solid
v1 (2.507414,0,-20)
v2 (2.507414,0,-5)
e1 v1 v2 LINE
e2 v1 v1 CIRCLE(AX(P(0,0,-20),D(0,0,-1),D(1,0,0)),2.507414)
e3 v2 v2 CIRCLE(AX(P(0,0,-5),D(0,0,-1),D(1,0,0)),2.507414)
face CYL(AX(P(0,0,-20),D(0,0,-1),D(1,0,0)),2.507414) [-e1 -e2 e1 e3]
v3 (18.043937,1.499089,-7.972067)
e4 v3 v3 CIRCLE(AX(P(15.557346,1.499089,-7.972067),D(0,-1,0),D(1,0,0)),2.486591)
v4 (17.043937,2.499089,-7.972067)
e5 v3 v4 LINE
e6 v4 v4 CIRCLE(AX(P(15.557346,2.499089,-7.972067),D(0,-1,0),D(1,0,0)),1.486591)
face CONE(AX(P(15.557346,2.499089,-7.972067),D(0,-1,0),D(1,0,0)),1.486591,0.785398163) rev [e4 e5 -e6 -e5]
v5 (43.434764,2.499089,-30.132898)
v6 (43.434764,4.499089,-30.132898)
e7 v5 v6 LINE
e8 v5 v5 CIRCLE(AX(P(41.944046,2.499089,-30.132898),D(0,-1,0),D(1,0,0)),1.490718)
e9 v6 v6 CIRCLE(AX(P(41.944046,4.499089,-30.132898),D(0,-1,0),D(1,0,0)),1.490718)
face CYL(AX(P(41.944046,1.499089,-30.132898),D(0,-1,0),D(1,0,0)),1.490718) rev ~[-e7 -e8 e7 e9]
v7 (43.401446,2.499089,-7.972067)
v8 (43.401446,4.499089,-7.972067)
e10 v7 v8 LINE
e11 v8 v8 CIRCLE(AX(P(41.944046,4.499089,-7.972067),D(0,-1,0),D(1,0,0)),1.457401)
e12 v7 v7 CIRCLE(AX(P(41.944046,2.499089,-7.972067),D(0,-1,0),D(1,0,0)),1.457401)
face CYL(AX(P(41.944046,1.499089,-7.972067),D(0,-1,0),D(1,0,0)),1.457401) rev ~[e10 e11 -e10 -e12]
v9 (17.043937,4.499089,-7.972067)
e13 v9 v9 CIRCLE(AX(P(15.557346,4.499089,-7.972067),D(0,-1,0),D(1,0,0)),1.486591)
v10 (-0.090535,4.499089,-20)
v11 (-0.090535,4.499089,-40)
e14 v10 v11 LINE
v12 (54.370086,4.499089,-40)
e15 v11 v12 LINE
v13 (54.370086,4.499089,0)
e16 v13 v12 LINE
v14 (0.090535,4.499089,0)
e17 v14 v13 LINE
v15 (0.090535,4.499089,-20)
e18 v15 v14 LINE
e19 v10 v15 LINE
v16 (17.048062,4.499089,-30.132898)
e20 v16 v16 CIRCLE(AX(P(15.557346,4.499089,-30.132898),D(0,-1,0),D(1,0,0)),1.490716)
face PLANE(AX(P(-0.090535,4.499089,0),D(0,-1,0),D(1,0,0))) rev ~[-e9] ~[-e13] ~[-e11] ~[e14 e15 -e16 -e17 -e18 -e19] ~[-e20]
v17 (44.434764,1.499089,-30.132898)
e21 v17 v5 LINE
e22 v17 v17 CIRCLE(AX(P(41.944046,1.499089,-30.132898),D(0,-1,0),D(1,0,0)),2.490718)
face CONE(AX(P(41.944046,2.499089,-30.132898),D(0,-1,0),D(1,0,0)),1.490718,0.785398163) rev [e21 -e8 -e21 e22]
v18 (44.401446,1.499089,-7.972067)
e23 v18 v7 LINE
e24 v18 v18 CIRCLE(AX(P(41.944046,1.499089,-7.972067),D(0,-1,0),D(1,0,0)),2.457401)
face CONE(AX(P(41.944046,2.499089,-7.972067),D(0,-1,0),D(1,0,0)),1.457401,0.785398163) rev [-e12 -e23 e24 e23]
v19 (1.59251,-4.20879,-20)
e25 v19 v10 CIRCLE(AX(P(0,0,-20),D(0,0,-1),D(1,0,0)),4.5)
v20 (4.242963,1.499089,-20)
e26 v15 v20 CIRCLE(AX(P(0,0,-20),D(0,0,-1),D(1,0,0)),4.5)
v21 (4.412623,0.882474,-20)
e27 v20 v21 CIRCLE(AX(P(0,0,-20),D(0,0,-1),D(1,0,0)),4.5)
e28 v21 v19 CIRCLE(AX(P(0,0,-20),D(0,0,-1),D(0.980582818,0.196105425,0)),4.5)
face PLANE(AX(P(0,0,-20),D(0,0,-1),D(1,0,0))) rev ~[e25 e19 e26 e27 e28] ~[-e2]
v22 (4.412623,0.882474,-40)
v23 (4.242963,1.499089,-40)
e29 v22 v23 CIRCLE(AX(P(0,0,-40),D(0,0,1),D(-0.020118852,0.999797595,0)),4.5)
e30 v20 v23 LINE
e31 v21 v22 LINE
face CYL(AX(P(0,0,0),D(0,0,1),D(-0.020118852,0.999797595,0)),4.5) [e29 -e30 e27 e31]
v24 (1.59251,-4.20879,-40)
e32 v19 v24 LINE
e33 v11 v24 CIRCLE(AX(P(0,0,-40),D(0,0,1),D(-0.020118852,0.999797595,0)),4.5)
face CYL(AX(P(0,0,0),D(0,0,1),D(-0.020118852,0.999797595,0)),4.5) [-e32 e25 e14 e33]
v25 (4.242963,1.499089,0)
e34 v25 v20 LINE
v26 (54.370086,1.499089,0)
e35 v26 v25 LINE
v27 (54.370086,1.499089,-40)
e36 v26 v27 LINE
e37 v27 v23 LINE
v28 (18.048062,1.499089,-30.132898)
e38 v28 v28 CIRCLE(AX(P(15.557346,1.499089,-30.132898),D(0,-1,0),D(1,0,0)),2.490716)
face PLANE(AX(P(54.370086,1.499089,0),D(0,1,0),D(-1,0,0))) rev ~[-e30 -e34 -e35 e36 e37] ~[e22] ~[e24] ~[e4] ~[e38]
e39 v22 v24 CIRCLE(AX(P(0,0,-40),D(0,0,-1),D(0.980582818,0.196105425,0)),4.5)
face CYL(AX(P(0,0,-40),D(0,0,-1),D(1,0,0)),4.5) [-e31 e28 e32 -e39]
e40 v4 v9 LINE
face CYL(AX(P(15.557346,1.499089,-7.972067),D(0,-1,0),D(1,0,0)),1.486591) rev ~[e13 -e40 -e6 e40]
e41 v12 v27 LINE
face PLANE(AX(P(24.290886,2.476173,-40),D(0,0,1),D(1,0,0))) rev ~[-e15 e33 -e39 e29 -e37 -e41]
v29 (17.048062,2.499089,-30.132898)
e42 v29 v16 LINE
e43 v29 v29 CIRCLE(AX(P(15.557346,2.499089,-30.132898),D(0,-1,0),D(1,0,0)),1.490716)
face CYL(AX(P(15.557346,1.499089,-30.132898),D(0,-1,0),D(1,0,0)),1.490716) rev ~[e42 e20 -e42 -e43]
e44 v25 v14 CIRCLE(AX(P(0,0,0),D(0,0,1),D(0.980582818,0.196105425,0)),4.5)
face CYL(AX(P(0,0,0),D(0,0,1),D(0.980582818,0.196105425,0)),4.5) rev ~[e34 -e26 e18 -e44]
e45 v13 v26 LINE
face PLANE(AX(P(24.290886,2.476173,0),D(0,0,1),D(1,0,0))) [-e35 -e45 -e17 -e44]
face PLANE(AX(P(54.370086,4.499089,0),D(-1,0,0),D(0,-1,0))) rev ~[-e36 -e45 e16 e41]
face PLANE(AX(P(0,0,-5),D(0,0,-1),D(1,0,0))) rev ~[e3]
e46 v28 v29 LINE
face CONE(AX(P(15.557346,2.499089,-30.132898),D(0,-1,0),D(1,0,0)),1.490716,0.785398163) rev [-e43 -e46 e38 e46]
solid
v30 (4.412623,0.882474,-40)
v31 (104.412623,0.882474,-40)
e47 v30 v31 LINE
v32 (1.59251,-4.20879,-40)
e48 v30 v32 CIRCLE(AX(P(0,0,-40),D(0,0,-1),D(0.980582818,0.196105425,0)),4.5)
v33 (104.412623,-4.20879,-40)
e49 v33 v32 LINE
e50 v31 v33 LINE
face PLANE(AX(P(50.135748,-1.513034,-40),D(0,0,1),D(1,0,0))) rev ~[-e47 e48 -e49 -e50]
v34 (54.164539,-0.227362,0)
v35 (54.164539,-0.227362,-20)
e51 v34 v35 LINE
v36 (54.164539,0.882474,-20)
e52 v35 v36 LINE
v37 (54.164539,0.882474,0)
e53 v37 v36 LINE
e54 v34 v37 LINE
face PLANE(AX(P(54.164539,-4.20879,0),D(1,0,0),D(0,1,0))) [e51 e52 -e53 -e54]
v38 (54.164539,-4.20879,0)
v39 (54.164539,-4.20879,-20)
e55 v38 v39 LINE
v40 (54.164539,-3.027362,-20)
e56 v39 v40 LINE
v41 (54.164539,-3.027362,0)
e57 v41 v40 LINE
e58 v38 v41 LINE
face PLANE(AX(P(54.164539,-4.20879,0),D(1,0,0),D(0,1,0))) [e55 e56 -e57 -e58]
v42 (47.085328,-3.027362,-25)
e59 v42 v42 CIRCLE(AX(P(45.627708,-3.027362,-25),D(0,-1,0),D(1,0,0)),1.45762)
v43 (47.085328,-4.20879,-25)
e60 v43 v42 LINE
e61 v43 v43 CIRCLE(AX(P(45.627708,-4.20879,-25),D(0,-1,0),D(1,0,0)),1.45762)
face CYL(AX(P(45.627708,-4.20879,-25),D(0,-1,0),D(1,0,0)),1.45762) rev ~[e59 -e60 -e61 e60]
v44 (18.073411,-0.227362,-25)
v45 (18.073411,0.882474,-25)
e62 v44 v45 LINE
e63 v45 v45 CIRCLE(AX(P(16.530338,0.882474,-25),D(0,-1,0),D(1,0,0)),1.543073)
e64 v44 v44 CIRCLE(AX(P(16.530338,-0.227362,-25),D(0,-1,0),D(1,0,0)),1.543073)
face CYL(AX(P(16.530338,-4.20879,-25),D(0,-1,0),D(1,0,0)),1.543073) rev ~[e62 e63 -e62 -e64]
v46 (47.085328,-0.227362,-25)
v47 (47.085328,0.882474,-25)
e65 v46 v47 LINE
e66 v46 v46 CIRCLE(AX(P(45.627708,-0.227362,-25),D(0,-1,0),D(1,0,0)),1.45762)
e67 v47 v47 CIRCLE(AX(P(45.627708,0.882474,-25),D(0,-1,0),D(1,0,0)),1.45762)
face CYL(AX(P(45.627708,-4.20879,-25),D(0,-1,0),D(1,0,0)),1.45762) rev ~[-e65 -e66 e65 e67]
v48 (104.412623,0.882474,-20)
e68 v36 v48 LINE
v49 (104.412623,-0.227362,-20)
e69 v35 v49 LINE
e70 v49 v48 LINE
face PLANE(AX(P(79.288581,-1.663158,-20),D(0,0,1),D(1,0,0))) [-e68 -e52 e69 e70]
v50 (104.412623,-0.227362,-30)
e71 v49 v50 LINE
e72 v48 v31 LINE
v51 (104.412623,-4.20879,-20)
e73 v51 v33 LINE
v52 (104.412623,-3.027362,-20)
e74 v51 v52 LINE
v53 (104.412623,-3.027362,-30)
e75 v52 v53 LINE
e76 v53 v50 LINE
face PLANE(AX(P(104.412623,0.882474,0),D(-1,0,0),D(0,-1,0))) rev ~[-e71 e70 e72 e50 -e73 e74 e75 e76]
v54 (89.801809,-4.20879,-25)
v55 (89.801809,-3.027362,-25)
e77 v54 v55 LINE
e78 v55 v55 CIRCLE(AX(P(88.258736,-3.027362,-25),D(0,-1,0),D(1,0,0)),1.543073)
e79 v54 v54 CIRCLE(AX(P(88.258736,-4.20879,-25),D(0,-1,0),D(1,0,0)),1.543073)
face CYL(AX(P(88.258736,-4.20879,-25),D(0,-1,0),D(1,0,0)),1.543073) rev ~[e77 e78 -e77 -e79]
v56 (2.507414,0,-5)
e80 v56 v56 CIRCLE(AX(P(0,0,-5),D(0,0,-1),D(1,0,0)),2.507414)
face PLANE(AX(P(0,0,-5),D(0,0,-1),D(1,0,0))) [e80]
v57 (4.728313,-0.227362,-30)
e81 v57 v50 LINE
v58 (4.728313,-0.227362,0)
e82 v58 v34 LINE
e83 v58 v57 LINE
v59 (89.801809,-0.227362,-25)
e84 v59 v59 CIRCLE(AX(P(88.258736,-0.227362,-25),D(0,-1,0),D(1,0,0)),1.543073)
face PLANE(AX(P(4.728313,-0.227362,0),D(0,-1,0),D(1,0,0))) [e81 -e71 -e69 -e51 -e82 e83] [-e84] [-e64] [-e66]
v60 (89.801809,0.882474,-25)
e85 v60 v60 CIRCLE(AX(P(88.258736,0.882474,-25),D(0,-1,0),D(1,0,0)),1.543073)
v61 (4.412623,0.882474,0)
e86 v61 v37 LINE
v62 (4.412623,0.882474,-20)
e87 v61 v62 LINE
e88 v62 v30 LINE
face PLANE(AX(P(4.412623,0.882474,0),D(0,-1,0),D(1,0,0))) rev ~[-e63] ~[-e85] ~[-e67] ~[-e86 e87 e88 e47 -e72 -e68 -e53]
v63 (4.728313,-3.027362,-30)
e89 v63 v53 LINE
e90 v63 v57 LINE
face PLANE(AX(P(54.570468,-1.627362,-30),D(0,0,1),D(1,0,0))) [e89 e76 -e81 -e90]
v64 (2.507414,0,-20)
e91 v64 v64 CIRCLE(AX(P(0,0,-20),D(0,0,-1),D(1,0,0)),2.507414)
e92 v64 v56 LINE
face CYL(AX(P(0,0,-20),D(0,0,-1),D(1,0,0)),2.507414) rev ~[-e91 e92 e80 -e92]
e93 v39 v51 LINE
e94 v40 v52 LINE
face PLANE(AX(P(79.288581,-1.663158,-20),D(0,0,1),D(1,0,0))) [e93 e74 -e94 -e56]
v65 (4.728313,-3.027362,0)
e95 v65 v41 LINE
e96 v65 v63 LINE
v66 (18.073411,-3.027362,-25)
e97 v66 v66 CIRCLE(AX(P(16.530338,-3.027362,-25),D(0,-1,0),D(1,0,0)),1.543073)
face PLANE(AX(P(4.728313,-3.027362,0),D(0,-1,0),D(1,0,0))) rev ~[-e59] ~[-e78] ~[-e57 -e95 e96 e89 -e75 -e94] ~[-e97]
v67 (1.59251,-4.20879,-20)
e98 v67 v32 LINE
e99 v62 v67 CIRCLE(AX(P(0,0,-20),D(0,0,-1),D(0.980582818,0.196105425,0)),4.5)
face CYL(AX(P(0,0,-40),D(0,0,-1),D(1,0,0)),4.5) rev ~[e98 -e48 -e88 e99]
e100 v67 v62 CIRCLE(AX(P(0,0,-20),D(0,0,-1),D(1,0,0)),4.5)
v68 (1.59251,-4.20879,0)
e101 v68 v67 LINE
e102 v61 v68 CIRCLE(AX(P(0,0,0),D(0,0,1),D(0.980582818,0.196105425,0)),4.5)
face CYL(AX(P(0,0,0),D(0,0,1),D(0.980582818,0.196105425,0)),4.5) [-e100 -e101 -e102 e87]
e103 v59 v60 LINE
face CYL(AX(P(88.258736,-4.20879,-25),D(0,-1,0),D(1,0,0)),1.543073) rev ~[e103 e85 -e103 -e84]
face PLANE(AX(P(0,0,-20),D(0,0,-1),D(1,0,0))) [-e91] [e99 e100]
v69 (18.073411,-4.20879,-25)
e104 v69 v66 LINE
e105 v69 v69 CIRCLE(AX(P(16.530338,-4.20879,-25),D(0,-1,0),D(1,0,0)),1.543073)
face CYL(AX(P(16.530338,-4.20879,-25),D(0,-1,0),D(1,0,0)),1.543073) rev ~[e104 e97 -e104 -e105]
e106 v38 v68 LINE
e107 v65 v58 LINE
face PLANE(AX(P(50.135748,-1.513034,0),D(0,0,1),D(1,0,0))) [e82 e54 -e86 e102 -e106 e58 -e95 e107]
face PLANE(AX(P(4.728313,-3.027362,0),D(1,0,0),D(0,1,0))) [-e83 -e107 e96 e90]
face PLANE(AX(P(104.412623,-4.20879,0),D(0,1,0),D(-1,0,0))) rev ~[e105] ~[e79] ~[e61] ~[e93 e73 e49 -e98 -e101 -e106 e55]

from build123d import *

# Parameters (mm, degrees)
PAD001_DEPTH    = 40
SKETCH002_R     = 4.5
POCKET_DEPTH    = 20
SKETCH003_R     = 2.507414
POCKET001_DEPTH = 15
SKETCH004_W     = 50.2480836792
SKETCH004_H     = 5.09126423
POCKET002_DEPTH = 20
SKETCH005_W     = 99.6843096792
SKETCH005_H     = 2.8
POCKET003_DEPTH = 30
PAD_DEPTH       = 40
SKETCH006_R     = 1.486591
SKETCH006_R_2   = 1.457401
SKETCH006_R_3   = 1.490716
SKETCH006_R_4   = 1.490718
POCKET004_DEPTH = 3.001
CHAMFER_SIZE    = 1
SKETCH007_R     = 1.543073
SKETCH007_R_2   = 1.45762
POCKET005_DEPTH = 8.7097898162


with BuildPart() as cerniera_mobile:
    # Sketch001 → Pad001 (new body)
    with BuildSketch(Plane.XY):
        with BuildLine():
            ThreePointArc((4.4126226792, 0.8824744139), (-3.9364511507, 2.1804477381), (1.5925100576, -4.2087898162))
            Line((104.4126226792, -4.2087898162), (1.5925100576, -4.2087898162))
            Line((104.4126226792, 0.8824744139), (104.4126226792, -4.2087898162))
            Line((4.4126226792, 0.8824744139), (104.4126226792, 0.8824744139))
        make_face()
    extrude(amount=-PAD001_DEPTH)

    # Sketch002 → Pocket (cut)
    with BuildSketch(Plane(origin=(0, 0, -40), x_dir=(1, 0, 0), z_dir=(0, 0, -1))):
        Circle(SKETCH002_R)
    extrude(amount=-POCKET_DEPTH, mode=Mode.SUBTRACT)

    # Sketch003 → Pocket001 (cut)
    with BuildSketch(Plane(origin=(0, 0, -20), x_dir=(1, 0, 0), z_dir=(0, 0, -1))):
        Circle(SKETCH003_R)
    extrude(amount=-POCKET001_DEPTH, mode=Mode.SUBTRACT)

    # Sketch004 → Pocket002 (cut)
    with BuildSketch(Plane.XY):
        with Locations((79.2885808396, -1.6631577011)):
            Rectangle(SKETCH004_W, SKETCH004_H)
    extrude(amount=-POCKET002_DEPTH, mode=Mode.SUBTRACT)

    # Sketch005 → Pocket003 (cut)
    with BuildSketch(Plane.XY):
        with Locations((54.5704678396, -1.627362)):
            Rectangle(SKETCH005_W, SKETCH005_H)
    extrude(amount=-POCKET003_DEPTH, mode=Mode.SUBTRACT)


with BuildPart() as cerniera_fissa_buchi_svasati:
    # Sketch → Pad (new body)
    with BuildSketch(Plane.XY):
        with BuildLine():
            ThreePointArc((-0.0905348327, 4.4990891794), (-2.561379334, -3.6999102567), (4.2429626009, 1.4990891794))
            Line((54.3700859693, 1.4990891794), (4.2429626009, 1.4990891794))
            Line((54.3700859693, 4.4990891794), (54.3700859693, 1.4990891794))
            Line((-0.0905348327, 4.4990891794), (54.3700859693, 4.4990891794))
        make_face()
    extrude(amount=-PAD_DEPTH)

    # Cut: cut cerniera_mobile
    add(cerniera_mobile.part, mode=Mode.SUBTRACT)

    # Sketch006 → Pocket004 (cut, through all)
    with BuildSketch(Plane.XZ.offset(-1.4990891794)):
        with Locations((15.5573463219, -7.972067)):
            Circle(SKETCH006_R)
        with Locations((41.9440455, -7.972067)):
            Circle(SKETCH006_R_2)
        with Locations((15.5573463219, -30.132898)):
            Circle(SKETCH006_R_3)
        with Locations((41.9440455, -30.132898)):
            Circle(SKETCH006_R_4)
    extrude(amount=-POCKET004_DEPTH, mode=Mode.SUBTRACT)

    # Chamfer
    chamfer_edges = [cerniera_fissa_buchi_svasati.edges().sort_by_distance(p)[0] for p in [
        (14.070755, 1.499089, -7.972067),
        (40.486645, 1.499089, -7.972067),
        (40.453328, 1.499089, -30.132898),
        (14.06663, 1.499089, -30.132898),
    ]]
    chamfer(chamfer_edges, length=CHAMFER_SIZE)


with BuildPart() as pocket005:
    # Pocket005 base: copy of cerniera_mobile
    add(cerniera_mobile.part)

    # Sketch007 → Pocket005 (cut, through all)
    with BuildSketch(Plane.XZ.offset(4.2087898162)):
        with Locations((88.258736, -25)):
            Circle(SKETCH007_R)
        with Locations((16.530338, -25)):
            Circle(SKETCH007_R)
        with Locations((45.627708, -25)):
            Circle(SKETCH007_R_2)
    extrude(amount=-POCKET005_DEPTH, mode=Mode.SUBTRACT)


solid = Compound([cerniera_fissa_buchi_svasati.part, pocket005.part])
